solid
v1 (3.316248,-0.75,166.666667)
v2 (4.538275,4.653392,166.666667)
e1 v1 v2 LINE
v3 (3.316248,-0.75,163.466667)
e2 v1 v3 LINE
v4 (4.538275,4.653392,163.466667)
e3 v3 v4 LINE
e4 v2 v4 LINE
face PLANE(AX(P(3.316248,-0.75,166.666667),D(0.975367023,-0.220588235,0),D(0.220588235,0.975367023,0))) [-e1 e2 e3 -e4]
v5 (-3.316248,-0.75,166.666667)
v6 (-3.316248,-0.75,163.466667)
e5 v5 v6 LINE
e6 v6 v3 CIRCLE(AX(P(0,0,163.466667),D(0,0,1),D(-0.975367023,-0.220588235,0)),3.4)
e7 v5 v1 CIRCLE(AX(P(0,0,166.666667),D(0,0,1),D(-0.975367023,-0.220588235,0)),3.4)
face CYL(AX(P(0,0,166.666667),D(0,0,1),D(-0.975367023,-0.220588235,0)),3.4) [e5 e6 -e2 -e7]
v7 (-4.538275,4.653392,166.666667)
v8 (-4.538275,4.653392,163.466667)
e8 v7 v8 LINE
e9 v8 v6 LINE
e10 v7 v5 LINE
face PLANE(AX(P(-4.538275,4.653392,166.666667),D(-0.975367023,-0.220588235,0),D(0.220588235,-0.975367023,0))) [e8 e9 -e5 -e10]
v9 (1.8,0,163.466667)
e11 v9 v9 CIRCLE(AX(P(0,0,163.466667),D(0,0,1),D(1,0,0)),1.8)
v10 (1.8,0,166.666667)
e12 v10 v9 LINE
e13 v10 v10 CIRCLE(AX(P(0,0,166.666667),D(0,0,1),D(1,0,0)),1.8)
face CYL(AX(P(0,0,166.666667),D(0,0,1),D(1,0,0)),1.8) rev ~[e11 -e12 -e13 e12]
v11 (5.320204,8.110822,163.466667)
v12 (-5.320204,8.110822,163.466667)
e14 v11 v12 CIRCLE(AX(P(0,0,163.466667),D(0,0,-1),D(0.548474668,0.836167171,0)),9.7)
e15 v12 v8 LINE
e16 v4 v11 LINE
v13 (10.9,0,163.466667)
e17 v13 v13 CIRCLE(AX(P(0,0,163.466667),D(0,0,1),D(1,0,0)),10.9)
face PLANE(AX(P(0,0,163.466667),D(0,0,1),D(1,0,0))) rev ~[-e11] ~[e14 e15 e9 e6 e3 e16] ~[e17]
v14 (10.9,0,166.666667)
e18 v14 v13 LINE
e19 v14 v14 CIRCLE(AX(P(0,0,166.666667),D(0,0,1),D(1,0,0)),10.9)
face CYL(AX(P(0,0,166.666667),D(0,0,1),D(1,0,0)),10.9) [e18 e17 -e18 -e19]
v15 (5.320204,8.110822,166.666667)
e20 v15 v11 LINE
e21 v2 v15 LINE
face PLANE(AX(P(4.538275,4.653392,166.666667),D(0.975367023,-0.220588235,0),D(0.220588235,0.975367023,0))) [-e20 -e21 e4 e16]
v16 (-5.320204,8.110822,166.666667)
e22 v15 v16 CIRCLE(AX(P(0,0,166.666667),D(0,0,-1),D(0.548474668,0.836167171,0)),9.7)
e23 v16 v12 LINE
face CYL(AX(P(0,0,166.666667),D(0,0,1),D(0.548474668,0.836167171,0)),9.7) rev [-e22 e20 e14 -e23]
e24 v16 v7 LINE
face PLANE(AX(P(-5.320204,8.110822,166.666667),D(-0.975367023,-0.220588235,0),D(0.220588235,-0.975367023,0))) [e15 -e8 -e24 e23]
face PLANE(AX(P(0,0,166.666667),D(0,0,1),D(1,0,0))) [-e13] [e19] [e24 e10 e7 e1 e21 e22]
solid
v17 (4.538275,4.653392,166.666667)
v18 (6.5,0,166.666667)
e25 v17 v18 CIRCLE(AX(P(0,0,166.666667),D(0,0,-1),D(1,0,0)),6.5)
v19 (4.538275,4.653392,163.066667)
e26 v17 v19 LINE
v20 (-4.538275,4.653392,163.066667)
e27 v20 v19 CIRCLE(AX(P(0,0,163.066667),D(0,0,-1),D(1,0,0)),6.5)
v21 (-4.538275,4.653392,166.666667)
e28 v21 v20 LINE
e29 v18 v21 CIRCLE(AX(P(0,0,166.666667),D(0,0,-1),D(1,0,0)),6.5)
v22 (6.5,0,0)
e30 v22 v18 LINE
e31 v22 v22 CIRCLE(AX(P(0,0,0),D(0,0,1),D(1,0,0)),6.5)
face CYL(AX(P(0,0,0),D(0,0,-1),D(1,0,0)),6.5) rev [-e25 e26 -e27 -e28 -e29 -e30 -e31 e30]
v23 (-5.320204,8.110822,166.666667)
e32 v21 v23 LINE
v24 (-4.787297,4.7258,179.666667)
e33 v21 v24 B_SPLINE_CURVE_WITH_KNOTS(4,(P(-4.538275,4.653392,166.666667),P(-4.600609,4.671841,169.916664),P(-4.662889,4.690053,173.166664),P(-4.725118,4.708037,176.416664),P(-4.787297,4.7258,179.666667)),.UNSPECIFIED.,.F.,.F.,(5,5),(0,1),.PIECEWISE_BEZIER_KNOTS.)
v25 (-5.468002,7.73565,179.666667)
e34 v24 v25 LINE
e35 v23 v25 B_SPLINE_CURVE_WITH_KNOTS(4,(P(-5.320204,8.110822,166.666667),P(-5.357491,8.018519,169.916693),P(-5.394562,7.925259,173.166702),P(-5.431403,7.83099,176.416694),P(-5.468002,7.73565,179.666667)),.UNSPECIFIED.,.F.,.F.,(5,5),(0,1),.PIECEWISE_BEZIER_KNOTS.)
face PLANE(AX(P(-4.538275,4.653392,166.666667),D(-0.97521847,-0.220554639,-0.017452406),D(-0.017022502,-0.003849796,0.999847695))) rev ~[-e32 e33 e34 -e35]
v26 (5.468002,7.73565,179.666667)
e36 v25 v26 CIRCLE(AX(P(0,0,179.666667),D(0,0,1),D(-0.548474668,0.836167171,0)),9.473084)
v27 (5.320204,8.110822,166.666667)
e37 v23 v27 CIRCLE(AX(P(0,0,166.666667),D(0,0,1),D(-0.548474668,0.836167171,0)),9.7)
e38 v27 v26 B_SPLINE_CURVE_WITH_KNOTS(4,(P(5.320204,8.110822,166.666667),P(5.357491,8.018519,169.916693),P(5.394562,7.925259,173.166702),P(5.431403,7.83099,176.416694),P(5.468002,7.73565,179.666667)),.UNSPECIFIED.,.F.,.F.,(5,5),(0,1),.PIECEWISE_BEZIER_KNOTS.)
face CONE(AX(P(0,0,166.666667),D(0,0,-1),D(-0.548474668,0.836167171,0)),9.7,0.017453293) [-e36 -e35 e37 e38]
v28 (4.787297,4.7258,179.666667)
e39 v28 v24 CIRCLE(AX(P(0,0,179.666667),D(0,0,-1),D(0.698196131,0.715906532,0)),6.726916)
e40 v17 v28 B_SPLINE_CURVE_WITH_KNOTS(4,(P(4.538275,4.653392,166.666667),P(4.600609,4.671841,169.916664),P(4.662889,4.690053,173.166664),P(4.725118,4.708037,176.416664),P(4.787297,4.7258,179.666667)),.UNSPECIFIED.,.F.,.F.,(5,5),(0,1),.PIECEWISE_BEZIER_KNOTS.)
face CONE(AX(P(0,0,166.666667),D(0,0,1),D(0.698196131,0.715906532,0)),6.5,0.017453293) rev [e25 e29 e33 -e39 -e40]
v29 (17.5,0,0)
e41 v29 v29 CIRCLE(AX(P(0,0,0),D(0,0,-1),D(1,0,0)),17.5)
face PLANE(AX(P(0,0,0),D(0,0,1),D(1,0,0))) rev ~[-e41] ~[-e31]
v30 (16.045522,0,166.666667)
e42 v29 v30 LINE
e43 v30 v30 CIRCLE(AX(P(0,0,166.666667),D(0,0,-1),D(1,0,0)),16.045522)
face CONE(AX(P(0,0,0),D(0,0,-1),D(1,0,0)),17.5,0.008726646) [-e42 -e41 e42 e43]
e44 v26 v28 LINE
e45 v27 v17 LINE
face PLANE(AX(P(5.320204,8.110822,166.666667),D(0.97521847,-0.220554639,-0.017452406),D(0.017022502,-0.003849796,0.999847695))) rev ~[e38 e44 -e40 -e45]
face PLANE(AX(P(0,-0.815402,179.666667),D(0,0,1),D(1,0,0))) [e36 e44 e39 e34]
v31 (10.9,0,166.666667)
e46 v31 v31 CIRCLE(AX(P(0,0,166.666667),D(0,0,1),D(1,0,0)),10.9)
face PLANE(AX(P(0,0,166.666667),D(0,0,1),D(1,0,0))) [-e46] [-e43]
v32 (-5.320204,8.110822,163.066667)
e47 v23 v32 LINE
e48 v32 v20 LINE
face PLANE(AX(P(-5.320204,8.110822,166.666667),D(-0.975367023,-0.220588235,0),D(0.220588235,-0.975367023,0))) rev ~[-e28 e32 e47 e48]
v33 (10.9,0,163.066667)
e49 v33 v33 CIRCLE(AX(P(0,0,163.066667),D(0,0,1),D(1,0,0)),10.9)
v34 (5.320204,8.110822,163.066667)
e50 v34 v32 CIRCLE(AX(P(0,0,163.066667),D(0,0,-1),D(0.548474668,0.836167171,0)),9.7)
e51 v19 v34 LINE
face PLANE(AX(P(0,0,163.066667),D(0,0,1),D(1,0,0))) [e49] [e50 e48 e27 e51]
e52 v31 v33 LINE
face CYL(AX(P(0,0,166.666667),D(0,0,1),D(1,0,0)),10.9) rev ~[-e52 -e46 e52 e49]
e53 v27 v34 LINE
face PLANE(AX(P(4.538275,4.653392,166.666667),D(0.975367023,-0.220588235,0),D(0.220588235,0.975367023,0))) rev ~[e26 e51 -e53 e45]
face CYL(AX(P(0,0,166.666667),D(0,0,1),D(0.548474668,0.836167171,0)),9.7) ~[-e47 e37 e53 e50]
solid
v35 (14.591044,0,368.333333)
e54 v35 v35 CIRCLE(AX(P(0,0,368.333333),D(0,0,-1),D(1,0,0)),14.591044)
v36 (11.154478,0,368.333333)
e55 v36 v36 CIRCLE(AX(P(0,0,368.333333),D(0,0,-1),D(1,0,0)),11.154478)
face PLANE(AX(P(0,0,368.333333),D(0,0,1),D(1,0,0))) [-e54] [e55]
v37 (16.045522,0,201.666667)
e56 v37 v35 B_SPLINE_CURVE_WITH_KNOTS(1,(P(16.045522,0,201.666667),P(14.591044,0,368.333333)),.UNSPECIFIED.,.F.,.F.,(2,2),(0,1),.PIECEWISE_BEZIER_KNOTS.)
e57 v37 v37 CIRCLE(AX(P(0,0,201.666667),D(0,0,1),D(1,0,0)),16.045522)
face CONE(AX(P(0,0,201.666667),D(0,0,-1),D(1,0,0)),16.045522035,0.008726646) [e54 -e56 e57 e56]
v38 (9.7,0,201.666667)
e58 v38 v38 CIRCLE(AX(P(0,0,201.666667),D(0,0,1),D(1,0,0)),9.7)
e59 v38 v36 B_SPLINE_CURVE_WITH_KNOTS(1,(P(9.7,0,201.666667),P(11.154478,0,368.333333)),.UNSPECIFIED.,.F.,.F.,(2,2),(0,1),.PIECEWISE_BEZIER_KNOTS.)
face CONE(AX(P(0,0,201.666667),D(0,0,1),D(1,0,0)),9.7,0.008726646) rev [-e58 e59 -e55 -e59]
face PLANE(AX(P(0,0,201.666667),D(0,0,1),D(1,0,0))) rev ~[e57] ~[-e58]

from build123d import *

# Parameters (mm, degrees)
F3_R      = 17.5
F3_R_2    = 6.5
F5_DEPTH  = 166.6666666667
F5_TAPER  = 0.5
F6_DEPTH  = 500
F8_DEPTH  = 13
F8_TAPER  = 1
F7_R      = 10.9
F7_R_2    = 1.8
F9_DEPTH  = 3.6
F10_DEPTH = 3.2
F12_R     = 16.0455220349
F12_R_2   = 9.7
F13_DEPTH = 166.6666666667
F13_TAPER = 0.5


with BuildPart() as f5:
    # F3 (on Top) → F5 (new body)
    with BuildSketch(Plane.XY):
        Circle(F3_R)
        Circle(F3_R_2, mode=Mode.SUBTRACT)
        Circle(F3_R_2)
    extrude(amount=F5_DEPTH, taper=F5_TAPER)

    # F3 (on Top) → F6 (cut)
    with BuildSketch(Plane.XY):
        Circle(F3_R_2)
    extrude(amount=F6_DEPTH, mode=Mode.SUBTRACT)

    # F7 (on offset) → F8 (join)
    with BuildSketch(Plane.XY.offset(166.6666666667)):
        with BuildLine():
            ThreePointArc((4.538274849, 4.6533924609), (0, -6.5), (-4.538274849, 4.6533924609))
            Line((-4.538274849, 4.6533924609), (-5.3202042822, 8.1108215611))
            ThreePointArc((-5.3202042822, 8.1108215611), (0, -9.7), (5.3202042822, 8.1108215611))
            Line((5.3202042822, 8.1108215611), (4.538274849, 4.6533924609))
        make_face()
    extrude(amount=F8_DEPTH, taper=F8_TAPER)

    # F7 (on offset) → F9 (cut)
    with BuildSketch(Plane.XY.offset(166.6666666667)):
        Circle(F7_R)
        with BuildLine():
            Line((-5.3202042822, 8.1108215611), (-4.538274849, 4.6533924609))
            Line((-4.538274849, 4.6533924609), (-3.3162478798, -0.75))
            ThreePointArc((-3.3162478798, -0.75), (0, -3.4), (3.3162478798, -0.75))
            Line((3.3162478798, -0.75), (4.538274849, 4.6533924609))
            Line((4.538274849, 4.6533924609), (5.3202042822, 8.1108215611))
            ThreePointArc((5.3202042822, 8.1108215611), (0, -9.7), (-5.3202042822, 8.1108215611))
        make_face(mode=Mode.SUBTRACT)
        Circle(F7_R_2, mode=Mode.SUBTRACT)
    extrude(amount=-F9_DEPTH, mode=Mode.SUBTRACT)


with BuildPart() as f10:
    # F7 (on offset) → F10 (new body)
    with BuildSketch(Plane.XY.offset(166.6666666667)):
        Circle(F7_R)
        with BuildLine():
            Line((-5.3202042822, 8.1108215611), (-4.538274849, 4.6533924609))
            Line((-4.538274849, 4.6533924609), (-3.3162478798, -0.75))
            ThreePointArc((-3.3162478798, -0.75), (0, -3.4), (3.3162478798, -0.75))
            Line((3.3162478798, -0.75), (4.538274849, 4.6533924609))
            Line((4.538274849, 4.6533924609), (5.3202042822, 8.1108215611))
            ThreePointArc((5.3202042822, 8.1108215611), (0, -9.7), (-5.3202042822, 8.1108215611))
        make_face(mode=Mode.SUBTRACT)
        Circle(F7_R_2, mode=Mode.SUBTRACT)
    extrude(amount=-F10_DEPTH)


with BuildPart() as f13:
    # F12 (on offset) → F13 (new body)
    with BuildSketch(Plane.XY.offset(201.6666666667)):
        Circle(F12_R)
        Circle(F12_R_2, mode=Mode.SUBTRACT)
    extrude(amount=F13_DEPTH, taper=F13_TAPER)


solid = Compound([f5.part, f10.part, f13.part])
